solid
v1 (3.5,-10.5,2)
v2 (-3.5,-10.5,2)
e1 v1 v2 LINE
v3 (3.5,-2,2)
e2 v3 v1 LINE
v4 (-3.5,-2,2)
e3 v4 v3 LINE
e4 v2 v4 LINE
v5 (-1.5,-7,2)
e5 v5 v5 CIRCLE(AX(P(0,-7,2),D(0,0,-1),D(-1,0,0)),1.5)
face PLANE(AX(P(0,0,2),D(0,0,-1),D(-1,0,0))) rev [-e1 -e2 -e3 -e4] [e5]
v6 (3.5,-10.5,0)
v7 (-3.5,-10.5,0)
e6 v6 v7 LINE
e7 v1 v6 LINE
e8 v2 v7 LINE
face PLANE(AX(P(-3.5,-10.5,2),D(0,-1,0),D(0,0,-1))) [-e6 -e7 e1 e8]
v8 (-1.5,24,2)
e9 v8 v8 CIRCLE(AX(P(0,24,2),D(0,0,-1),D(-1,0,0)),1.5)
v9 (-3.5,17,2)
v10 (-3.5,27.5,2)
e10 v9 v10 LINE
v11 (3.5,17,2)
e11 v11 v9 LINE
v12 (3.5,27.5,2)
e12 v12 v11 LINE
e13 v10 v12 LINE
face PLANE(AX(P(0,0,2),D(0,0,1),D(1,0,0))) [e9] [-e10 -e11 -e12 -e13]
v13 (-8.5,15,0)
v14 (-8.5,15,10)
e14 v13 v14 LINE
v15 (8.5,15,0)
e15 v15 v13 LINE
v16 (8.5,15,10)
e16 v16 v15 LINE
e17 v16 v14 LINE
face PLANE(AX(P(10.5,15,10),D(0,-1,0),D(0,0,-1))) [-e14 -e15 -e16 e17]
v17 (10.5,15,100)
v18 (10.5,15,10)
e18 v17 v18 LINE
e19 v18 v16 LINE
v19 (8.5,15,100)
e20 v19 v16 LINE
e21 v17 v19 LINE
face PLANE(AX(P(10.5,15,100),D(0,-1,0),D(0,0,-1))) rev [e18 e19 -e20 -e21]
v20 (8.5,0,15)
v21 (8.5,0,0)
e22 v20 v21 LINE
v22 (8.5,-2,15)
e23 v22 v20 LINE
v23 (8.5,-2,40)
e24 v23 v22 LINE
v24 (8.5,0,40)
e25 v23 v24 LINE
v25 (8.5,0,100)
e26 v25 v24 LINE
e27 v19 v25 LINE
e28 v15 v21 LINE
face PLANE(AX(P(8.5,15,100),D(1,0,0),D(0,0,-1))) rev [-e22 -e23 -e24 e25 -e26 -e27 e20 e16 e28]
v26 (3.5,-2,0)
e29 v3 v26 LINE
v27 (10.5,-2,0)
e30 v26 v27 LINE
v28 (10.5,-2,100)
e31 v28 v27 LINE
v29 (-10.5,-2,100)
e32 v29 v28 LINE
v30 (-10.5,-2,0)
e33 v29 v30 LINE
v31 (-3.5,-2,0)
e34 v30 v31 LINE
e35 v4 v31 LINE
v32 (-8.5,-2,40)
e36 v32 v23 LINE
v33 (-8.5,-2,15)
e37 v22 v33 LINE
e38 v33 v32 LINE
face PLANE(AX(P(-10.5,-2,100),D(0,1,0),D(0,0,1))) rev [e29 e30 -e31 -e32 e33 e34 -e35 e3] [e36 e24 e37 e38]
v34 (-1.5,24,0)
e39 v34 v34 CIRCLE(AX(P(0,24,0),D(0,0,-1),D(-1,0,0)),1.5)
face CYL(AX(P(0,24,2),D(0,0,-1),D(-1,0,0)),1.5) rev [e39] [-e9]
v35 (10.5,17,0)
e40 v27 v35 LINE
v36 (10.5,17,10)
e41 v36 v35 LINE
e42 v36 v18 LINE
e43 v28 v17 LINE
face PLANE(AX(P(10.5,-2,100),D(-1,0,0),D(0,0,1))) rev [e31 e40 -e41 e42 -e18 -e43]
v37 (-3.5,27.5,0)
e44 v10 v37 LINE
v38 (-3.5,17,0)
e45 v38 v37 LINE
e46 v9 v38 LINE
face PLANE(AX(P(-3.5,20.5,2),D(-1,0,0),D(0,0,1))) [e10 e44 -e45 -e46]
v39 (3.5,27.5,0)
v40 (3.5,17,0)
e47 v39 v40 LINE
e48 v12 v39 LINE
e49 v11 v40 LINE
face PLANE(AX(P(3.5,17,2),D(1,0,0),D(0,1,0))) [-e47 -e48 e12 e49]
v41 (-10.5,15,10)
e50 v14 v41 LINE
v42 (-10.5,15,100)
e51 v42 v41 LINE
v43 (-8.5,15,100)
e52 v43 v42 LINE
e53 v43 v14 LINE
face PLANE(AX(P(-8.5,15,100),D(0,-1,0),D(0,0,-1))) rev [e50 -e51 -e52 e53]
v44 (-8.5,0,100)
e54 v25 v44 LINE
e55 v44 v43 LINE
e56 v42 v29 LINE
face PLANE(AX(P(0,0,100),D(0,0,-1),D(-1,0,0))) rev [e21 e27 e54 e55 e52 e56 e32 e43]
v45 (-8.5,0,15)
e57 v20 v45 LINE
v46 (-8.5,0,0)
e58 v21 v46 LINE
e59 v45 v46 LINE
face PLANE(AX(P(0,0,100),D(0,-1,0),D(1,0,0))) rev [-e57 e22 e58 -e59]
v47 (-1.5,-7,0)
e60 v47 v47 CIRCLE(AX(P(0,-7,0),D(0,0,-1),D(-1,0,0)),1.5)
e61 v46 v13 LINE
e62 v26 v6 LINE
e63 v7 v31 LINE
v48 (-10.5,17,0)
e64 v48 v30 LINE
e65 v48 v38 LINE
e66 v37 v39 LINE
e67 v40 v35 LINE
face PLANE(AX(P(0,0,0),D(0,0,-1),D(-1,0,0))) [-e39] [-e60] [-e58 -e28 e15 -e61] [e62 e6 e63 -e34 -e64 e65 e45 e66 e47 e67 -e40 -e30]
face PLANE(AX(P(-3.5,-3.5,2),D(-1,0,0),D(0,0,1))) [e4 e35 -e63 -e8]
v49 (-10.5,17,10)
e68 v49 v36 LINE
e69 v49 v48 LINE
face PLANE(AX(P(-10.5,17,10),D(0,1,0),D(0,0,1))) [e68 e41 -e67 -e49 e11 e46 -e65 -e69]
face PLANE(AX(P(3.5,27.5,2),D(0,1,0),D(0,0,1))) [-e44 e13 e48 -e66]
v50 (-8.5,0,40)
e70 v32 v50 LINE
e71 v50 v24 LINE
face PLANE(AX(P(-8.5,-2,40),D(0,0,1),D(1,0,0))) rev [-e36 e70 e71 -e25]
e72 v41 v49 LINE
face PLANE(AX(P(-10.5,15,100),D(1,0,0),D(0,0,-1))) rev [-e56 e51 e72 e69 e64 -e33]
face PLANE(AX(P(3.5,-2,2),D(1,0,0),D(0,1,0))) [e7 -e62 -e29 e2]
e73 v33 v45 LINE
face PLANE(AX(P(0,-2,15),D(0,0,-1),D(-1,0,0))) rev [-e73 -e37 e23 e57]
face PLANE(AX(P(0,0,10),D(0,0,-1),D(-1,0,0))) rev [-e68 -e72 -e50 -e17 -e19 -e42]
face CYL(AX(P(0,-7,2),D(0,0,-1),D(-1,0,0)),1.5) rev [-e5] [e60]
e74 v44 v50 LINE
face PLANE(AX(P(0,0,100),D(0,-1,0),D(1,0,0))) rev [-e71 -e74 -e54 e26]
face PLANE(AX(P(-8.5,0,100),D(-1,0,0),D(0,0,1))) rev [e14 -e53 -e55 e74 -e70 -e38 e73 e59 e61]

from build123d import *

# Parameters (mm, degrees)
EXTRUDE_1_DEPTH     = 100
CUT_EXTRUDE_1_DEPTH = 102.662431606
SKETCH_3_W          = 21
SKETCH_3_H          = 2
EXTRUDE_2_DEPTH     = 10
SKETCH_4_R          = 1.5
EXTRUDE_3_DEPTH     = 2


with BuildPart() as part:
    # Эскиз1 → Бобышка-Вытянуть1 (new body)
    with BuildSketch(Plane.XY):
        Polygon((0, 0), (-8.5, 0), (-8.5, 15), (-10.5, 15), (-10.5, -2), (10.5, -2), (10.5, 15), (8.5, 15), (8.5, 0), align=None)
    extrude(amount=EXTRUDE_1_DEPTH)

    # Эскиз2 → Вырез-Вытянуть1 (cut, through all)
    with BuildSketch(Plane(origin=(0, 0, 0), x_dir=(1, 0, 0), z_dir=(0, 1, 0))):
        Polygon((0, -15), (-8.5, -15), (-8.5, -40), (8.5, -40), (8.5, -15), align=None)
    extrude(amount=-CUT_EXTRUDE_1_DEPTH, mode=Mode.SUBTRACT)

    # Эскиз3 → Бобышка-Вытянуть2 (add)
    with BuildSketch(Plane(origin=(0, 0, 0), x_dir=(-1, 0, 0), z_dir=(0, 0, -1))):
        with Locations((0, 16)):
            Rectangle(SKETCH_3_W, SKETCH_3_H)
    extrude(amount=-EXTRUDE_2_DEPTH)

    # Эскиз4 → Бобышка-Вытянуть3 (add)
    # profile 1 of 2: a face of its own
    with BuildSketch(Plane(origin=(0, 0, 0), x_dir=(-1, 0, 0), z_dir=(0, 0, -1))):
        Polygon((-3.5, 27.5), (3.5, 27.5), (3.5, 20.5), (3.5, 17), (0, 17), (-3.5, 17), (-3.5, 20.5), align=None)
        with Locations((0, 24)):
            Circle(SKETCH_4_R, mode=Mode.SUBTRACT)
    # profile 2 of 2: a face of its own
    with BuildSketch(Plane(origin=(0, 0, 0), x_dir=(-1, 0, 0), z_dir=(0, 0, -1))):
        Polygon((3.5, -3.5), (3.5, -10.5), (-3.5, -10.5), (-3.5, -3.5), (-3.5, -2), (0, -2), (3.5, -2), align=None)
        with Locations((0, -7)):
            Circle(SKETCH_4_R, mode=Mode.SUBTRACT)
    extrude(amount=-EXTRUDE_3_DEPTH)


solid = part.part
